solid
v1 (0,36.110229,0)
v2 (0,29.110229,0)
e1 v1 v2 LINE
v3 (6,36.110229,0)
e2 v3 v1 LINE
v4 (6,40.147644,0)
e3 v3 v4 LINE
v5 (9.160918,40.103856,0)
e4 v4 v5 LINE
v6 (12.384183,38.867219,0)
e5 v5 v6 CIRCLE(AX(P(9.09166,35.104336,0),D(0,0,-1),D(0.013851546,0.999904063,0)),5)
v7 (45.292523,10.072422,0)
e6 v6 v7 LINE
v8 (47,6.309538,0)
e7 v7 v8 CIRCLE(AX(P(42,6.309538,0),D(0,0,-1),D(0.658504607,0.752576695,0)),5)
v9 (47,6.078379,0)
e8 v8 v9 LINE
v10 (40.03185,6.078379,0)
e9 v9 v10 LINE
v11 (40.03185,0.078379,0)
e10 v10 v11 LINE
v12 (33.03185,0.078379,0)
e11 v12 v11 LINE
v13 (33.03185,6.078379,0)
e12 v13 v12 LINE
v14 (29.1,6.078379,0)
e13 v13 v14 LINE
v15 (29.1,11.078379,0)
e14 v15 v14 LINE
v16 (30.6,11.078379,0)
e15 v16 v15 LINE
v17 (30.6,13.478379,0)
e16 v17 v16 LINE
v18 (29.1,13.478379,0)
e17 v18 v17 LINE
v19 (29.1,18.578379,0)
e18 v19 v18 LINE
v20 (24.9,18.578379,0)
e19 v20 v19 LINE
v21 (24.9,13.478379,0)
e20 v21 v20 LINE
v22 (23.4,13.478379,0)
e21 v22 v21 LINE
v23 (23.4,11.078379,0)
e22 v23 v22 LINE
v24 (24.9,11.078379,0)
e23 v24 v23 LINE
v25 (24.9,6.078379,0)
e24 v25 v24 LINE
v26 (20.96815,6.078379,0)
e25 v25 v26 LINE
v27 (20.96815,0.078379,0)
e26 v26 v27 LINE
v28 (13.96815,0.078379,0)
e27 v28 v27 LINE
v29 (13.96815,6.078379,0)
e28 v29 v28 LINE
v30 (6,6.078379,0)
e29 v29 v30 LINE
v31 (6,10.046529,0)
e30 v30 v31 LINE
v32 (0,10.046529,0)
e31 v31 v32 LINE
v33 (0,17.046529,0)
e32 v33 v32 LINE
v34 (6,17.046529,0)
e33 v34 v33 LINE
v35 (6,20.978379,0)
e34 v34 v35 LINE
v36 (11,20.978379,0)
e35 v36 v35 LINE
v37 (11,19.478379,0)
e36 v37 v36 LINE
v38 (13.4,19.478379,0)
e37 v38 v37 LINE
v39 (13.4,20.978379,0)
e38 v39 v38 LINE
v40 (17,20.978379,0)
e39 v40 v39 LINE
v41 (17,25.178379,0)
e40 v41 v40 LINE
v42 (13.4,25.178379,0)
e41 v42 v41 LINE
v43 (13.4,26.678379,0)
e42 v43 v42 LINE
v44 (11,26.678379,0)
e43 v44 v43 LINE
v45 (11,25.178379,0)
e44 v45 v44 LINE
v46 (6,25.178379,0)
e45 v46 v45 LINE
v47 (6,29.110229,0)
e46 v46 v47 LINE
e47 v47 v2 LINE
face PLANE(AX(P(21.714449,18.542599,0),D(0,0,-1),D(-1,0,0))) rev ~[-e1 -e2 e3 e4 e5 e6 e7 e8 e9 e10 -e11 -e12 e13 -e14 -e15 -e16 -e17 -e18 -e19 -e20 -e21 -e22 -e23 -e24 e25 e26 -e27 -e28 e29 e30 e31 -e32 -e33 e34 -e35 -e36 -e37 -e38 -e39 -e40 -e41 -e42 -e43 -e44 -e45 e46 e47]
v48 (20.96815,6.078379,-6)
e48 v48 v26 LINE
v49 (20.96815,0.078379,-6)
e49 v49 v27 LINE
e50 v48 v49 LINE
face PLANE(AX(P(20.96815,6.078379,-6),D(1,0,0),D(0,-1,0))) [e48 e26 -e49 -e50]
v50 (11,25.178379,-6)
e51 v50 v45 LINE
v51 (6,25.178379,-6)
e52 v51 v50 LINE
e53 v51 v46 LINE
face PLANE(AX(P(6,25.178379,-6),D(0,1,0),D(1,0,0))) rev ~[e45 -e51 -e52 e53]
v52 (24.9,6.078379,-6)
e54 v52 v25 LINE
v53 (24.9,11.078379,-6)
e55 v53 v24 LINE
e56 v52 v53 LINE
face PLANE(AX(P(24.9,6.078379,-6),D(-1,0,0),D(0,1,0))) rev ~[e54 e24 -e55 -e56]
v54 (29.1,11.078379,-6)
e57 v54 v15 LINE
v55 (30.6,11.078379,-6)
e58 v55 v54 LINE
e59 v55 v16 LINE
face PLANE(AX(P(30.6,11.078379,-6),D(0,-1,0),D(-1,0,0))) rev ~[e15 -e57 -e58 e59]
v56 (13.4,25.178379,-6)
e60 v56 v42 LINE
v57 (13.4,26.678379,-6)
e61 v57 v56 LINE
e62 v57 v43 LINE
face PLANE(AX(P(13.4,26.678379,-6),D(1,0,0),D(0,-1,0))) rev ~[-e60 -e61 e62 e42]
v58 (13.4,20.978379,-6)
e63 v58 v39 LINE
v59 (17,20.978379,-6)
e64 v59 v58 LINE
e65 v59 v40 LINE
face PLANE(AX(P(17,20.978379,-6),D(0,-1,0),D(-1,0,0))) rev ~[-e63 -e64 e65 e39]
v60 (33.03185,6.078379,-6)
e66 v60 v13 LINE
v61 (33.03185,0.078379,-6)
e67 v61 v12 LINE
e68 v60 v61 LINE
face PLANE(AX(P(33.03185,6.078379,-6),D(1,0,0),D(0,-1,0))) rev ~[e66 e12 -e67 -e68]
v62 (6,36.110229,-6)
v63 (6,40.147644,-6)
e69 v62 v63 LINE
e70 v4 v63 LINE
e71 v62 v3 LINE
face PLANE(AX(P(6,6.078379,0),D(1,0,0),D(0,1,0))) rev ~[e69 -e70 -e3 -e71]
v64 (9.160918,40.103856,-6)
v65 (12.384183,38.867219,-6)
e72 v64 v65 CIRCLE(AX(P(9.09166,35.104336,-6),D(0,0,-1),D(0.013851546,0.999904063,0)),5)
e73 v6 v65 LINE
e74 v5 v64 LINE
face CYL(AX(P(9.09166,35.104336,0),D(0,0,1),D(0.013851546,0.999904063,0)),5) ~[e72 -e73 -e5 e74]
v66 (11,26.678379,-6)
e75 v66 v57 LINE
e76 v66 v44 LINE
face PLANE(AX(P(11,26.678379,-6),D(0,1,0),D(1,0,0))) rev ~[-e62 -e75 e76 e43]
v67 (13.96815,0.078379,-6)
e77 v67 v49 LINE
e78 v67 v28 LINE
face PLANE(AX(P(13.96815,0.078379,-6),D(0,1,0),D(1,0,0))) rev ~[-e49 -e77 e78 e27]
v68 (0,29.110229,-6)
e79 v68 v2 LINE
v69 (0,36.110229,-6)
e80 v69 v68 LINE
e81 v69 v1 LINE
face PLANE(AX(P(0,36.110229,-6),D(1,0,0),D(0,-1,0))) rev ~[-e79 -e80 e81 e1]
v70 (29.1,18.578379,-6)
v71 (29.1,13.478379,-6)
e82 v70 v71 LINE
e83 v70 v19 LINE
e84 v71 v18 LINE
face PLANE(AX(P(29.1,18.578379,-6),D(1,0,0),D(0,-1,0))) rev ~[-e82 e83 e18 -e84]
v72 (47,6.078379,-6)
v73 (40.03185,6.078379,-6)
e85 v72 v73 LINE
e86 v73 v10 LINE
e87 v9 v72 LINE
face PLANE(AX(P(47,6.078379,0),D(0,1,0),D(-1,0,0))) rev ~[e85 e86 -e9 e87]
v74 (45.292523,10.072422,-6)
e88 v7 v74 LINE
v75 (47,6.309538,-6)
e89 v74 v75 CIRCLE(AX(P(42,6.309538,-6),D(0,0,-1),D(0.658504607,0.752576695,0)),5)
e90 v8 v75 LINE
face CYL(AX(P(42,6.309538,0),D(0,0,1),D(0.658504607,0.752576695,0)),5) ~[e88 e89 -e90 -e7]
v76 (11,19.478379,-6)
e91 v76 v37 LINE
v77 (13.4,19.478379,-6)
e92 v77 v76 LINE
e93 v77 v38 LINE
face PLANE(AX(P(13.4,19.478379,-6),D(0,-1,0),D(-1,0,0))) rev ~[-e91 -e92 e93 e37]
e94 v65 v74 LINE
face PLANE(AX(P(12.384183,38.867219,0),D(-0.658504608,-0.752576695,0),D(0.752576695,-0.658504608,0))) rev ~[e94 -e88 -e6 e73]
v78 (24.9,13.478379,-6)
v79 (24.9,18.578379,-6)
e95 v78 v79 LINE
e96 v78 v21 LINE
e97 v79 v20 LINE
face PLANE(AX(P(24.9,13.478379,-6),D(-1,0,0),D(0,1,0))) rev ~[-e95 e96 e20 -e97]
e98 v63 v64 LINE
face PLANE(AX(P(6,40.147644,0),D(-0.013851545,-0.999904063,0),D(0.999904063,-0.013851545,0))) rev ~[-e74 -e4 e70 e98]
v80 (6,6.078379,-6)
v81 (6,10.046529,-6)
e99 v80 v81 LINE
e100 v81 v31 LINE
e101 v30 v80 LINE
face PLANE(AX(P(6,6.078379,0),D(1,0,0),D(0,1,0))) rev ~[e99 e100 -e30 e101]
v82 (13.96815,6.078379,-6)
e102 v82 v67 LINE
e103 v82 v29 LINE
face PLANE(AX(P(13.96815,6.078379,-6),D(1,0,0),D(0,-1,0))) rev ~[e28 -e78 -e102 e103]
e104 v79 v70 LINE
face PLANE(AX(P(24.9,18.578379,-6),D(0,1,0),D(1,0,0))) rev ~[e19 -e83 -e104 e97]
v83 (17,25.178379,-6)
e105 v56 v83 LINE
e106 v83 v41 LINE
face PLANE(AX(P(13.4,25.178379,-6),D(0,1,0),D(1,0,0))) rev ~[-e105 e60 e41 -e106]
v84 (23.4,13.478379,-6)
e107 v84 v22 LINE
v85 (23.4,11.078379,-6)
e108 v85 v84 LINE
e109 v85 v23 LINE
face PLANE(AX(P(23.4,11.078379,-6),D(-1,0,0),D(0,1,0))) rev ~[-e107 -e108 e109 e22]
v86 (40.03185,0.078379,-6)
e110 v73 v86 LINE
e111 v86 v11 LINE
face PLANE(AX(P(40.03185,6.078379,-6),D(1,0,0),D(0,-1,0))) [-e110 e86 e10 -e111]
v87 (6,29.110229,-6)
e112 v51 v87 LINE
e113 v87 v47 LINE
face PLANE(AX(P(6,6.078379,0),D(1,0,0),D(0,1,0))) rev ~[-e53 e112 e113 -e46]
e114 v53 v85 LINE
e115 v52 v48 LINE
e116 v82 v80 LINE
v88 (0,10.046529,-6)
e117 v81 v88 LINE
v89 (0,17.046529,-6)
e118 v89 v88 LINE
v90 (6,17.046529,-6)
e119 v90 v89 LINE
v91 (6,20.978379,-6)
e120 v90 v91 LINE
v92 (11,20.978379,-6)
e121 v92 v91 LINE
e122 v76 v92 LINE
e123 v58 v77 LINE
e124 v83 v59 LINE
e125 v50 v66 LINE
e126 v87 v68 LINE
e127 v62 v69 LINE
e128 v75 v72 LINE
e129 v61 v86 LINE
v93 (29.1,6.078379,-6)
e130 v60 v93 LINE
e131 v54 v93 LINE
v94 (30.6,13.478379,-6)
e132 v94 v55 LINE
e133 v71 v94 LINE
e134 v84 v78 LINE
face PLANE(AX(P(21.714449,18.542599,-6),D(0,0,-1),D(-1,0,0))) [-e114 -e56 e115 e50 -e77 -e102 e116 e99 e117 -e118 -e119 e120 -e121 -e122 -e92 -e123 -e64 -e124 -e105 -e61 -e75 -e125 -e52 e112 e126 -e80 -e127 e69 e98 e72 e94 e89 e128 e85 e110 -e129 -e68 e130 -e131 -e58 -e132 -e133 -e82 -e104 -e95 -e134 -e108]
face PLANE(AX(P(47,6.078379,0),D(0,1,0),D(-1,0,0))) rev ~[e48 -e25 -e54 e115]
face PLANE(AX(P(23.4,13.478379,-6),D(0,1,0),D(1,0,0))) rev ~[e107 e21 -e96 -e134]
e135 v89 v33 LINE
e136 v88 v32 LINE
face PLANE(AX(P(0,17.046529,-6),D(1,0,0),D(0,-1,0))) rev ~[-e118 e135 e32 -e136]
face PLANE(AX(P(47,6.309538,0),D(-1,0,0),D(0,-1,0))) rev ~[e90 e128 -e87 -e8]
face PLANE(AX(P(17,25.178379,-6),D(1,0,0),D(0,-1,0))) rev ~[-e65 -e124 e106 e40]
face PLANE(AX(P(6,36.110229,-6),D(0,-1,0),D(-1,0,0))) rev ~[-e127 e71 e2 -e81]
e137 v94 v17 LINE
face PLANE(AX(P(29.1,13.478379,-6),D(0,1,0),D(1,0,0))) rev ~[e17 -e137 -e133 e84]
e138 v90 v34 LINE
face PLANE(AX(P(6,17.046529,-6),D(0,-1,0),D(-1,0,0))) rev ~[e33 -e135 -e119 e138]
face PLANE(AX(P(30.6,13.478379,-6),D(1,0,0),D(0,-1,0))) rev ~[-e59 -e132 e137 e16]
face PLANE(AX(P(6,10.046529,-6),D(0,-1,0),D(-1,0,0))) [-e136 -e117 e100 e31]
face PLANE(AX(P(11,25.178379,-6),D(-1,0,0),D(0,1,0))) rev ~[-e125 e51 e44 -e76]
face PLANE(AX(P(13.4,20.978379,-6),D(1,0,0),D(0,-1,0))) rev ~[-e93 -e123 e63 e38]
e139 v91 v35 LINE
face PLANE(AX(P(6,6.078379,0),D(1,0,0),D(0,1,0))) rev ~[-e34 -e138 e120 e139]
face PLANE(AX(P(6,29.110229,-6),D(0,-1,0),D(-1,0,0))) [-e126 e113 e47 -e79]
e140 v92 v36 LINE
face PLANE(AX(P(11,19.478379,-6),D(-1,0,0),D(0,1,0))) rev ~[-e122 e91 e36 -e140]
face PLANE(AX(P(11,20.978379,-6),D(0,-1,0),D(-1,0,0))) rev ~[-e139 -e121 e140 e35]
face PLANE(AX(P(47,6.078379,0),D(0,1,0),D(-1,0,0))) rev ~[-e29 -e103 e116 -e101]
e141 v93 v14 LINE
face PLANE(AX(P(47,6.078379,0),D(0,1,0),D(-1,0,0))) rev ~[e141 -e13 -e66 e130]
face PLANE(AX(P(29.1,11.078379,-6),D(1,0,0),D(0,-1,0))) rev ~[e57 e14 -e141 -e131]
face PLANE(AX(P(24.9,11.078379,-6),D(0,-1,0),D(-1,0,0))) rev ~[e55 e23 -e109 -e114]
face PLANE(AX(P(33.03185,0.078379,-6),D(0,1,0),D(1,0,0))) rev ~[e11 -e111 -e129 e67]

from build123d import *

# Parameters (mm, degrees)
EXTRUDE_1_DEPTH      = 6
SKETCH_23_W          = 7
SKETCH_23_H          = 6
EXTRUDE_23_DEPTH     = 6
CUT_EXTRUDE_11_DEPTH = 7
SKETCH_2_W           = 7
SKETCH_2_H           = 6
EXTRUDE_2_DEPTH      = 6
CUT_EXTRUDE_1_DEPTH  = 7
SKETCH_24_W          = 7
SKETCH_24_H          = 6
EXTRUDE_24_DEPTH     = 6
SKETCH_25_W          = 7
SKETCH_25_H          = 6
EXTRUDE_26_DEPTH     = 6


with BuildPart() as part:
    # Эскиз1 → Бобышка-Вытянуть1 (new body)
    with BuildSketch(Plane.XY):
        with BuildLine():
            Line((47, 6.078379342), (6, 6.078379342))
            Line((6, 6.078379342), (6, 40.147643713))
            Line((6, 40.147643713), (9.160917848, 40.103855916))
            ThreePointArc((9.160917848, 40.103855916), (10.882668259, 39.772556875), (12.384183162, 38.867219076))
            Line((12.384183162, 38.867219076), (45.292523039, 10.072421683))
            ThreePointArc((45.292523039, 10.072421683), (46.55316457, 8.375619622), (47, 6.309538209))
            Line((47, 6.309538209), (47, 6.078379342))
        make_face()
    extrude(amount=-EXTRUDE_1_DEPTH)

    # Эскиз23 → Бобышка-Вытянуть23 (add)
    with BuildSketch(Plane(origin=(27, 56.078379342, -6), x_dir=(1, 0, 0), z_dir=(0, 0, -1))):
        with Locations((-9.531849908, 53)):
            Rectangle(SKETCH_23_W, SKETCH_23_H)
        with Locations((9.531849908, 53)):
            Rectangle(SKETCH_23_W, SKETCH_23_H)
    extrude(amount=-EXTRUDE_23_DEPTH)

    # Эскиз31 → Вырез-Вытянуть11 (cut, through all)
    with BuildSketch(Plane(origin=(27, 56.078379342, -6), x_dir=(1, 0, 0), z_dir=(0, 0, -1))):
        Polygon((-2.1, 45), (-3.6, 45), (-3.6, 42.6), (-2.1, 42.6), (-2.1, 37.5), (2.1, 37.5), (2.1, 42.6), (3.6, 42.6), (3.6, 45), (2.1, 45), (2.1, 50), (-2.1, 50), align=None)
    extrude(amount=-CUT_EXTRUDE_11_DEPTH, mode=Mode.SUBTRACT)

    # Эскиз2 → Бобышка-Вытянуть2 (add)
    with BuildSketch(Plane(origin=(56, 23.078379342, -6), x_dir=(0, -1, 0), z_dir=(0, 0, -1))):
        with Locations((-9.531849908, 53)):
            Rectangle(SKETCH_2_W, SKETCH_2_H)
        with Locations((9.531849908, 53)):
            Rectangle(SKETCH_2_W, SKETCH_2_H)
    extrude(amount=-EXTRUDE_2_DEPTH)

    # Эскиз3 → Вырез-Вытянуть1 (cut, through all)
    with BuildSketch(Plane(origin=(56, 23.078379342, -6), x_dir=(0, -1, 0), z_dir=(0, 0, -1))):
        Polygon((-2.1, 45), (-3.6, 45), (-3.6, 42.6), (-2.1, 42.6), (-2.1, 39), (2.1, 39), (2.1, 42.6), (3.6, 42.6), (3.6, 45), (2.1, 45), (2.1, 50), (-2.1, 50), align=None)
    extrude(amount=-CUT_EXTRUDE_1_DEPTH, mode=Mode.SUBTRACT)

    # Эскиз24 → Бобышка-Вытянуть24 (add)
    with BuildSketch(Plane(origin=(56, 23.078379342, 0), x_dir=(0, 1, 0), z_dir=(0, 0, 1))):
        with Locations((-9.531849908, 53)):
            Rectangle(SKETCH_24_W, SKETCH_24_H)
        with Locations((9.531849908, 53)):
            Rectangle(SKETCH_24_W, SKETCH_24_H)
    extrude(amount=-EXTRUDE_24_DEPTH)

    # Эскиз25 → Бобышка-Вытянуть26 (add)
    with BuildSketch(Plane(origin=(27, 56.078379342, -6), x_dir=(1, 0, 0), z_dir=(0, 0, -1))):
        with Locations((-9.531849908, 53)):
            Rectangle(SKETCH_25_W, SKETCH_25_H)
        with Locations((9.531849908, 53)):
            Rectangle(SKETCH_25_W, SKETCH_25_H)
    extrude(amount=-EXTRUDE_26_DEPTH)


solid = part.part
